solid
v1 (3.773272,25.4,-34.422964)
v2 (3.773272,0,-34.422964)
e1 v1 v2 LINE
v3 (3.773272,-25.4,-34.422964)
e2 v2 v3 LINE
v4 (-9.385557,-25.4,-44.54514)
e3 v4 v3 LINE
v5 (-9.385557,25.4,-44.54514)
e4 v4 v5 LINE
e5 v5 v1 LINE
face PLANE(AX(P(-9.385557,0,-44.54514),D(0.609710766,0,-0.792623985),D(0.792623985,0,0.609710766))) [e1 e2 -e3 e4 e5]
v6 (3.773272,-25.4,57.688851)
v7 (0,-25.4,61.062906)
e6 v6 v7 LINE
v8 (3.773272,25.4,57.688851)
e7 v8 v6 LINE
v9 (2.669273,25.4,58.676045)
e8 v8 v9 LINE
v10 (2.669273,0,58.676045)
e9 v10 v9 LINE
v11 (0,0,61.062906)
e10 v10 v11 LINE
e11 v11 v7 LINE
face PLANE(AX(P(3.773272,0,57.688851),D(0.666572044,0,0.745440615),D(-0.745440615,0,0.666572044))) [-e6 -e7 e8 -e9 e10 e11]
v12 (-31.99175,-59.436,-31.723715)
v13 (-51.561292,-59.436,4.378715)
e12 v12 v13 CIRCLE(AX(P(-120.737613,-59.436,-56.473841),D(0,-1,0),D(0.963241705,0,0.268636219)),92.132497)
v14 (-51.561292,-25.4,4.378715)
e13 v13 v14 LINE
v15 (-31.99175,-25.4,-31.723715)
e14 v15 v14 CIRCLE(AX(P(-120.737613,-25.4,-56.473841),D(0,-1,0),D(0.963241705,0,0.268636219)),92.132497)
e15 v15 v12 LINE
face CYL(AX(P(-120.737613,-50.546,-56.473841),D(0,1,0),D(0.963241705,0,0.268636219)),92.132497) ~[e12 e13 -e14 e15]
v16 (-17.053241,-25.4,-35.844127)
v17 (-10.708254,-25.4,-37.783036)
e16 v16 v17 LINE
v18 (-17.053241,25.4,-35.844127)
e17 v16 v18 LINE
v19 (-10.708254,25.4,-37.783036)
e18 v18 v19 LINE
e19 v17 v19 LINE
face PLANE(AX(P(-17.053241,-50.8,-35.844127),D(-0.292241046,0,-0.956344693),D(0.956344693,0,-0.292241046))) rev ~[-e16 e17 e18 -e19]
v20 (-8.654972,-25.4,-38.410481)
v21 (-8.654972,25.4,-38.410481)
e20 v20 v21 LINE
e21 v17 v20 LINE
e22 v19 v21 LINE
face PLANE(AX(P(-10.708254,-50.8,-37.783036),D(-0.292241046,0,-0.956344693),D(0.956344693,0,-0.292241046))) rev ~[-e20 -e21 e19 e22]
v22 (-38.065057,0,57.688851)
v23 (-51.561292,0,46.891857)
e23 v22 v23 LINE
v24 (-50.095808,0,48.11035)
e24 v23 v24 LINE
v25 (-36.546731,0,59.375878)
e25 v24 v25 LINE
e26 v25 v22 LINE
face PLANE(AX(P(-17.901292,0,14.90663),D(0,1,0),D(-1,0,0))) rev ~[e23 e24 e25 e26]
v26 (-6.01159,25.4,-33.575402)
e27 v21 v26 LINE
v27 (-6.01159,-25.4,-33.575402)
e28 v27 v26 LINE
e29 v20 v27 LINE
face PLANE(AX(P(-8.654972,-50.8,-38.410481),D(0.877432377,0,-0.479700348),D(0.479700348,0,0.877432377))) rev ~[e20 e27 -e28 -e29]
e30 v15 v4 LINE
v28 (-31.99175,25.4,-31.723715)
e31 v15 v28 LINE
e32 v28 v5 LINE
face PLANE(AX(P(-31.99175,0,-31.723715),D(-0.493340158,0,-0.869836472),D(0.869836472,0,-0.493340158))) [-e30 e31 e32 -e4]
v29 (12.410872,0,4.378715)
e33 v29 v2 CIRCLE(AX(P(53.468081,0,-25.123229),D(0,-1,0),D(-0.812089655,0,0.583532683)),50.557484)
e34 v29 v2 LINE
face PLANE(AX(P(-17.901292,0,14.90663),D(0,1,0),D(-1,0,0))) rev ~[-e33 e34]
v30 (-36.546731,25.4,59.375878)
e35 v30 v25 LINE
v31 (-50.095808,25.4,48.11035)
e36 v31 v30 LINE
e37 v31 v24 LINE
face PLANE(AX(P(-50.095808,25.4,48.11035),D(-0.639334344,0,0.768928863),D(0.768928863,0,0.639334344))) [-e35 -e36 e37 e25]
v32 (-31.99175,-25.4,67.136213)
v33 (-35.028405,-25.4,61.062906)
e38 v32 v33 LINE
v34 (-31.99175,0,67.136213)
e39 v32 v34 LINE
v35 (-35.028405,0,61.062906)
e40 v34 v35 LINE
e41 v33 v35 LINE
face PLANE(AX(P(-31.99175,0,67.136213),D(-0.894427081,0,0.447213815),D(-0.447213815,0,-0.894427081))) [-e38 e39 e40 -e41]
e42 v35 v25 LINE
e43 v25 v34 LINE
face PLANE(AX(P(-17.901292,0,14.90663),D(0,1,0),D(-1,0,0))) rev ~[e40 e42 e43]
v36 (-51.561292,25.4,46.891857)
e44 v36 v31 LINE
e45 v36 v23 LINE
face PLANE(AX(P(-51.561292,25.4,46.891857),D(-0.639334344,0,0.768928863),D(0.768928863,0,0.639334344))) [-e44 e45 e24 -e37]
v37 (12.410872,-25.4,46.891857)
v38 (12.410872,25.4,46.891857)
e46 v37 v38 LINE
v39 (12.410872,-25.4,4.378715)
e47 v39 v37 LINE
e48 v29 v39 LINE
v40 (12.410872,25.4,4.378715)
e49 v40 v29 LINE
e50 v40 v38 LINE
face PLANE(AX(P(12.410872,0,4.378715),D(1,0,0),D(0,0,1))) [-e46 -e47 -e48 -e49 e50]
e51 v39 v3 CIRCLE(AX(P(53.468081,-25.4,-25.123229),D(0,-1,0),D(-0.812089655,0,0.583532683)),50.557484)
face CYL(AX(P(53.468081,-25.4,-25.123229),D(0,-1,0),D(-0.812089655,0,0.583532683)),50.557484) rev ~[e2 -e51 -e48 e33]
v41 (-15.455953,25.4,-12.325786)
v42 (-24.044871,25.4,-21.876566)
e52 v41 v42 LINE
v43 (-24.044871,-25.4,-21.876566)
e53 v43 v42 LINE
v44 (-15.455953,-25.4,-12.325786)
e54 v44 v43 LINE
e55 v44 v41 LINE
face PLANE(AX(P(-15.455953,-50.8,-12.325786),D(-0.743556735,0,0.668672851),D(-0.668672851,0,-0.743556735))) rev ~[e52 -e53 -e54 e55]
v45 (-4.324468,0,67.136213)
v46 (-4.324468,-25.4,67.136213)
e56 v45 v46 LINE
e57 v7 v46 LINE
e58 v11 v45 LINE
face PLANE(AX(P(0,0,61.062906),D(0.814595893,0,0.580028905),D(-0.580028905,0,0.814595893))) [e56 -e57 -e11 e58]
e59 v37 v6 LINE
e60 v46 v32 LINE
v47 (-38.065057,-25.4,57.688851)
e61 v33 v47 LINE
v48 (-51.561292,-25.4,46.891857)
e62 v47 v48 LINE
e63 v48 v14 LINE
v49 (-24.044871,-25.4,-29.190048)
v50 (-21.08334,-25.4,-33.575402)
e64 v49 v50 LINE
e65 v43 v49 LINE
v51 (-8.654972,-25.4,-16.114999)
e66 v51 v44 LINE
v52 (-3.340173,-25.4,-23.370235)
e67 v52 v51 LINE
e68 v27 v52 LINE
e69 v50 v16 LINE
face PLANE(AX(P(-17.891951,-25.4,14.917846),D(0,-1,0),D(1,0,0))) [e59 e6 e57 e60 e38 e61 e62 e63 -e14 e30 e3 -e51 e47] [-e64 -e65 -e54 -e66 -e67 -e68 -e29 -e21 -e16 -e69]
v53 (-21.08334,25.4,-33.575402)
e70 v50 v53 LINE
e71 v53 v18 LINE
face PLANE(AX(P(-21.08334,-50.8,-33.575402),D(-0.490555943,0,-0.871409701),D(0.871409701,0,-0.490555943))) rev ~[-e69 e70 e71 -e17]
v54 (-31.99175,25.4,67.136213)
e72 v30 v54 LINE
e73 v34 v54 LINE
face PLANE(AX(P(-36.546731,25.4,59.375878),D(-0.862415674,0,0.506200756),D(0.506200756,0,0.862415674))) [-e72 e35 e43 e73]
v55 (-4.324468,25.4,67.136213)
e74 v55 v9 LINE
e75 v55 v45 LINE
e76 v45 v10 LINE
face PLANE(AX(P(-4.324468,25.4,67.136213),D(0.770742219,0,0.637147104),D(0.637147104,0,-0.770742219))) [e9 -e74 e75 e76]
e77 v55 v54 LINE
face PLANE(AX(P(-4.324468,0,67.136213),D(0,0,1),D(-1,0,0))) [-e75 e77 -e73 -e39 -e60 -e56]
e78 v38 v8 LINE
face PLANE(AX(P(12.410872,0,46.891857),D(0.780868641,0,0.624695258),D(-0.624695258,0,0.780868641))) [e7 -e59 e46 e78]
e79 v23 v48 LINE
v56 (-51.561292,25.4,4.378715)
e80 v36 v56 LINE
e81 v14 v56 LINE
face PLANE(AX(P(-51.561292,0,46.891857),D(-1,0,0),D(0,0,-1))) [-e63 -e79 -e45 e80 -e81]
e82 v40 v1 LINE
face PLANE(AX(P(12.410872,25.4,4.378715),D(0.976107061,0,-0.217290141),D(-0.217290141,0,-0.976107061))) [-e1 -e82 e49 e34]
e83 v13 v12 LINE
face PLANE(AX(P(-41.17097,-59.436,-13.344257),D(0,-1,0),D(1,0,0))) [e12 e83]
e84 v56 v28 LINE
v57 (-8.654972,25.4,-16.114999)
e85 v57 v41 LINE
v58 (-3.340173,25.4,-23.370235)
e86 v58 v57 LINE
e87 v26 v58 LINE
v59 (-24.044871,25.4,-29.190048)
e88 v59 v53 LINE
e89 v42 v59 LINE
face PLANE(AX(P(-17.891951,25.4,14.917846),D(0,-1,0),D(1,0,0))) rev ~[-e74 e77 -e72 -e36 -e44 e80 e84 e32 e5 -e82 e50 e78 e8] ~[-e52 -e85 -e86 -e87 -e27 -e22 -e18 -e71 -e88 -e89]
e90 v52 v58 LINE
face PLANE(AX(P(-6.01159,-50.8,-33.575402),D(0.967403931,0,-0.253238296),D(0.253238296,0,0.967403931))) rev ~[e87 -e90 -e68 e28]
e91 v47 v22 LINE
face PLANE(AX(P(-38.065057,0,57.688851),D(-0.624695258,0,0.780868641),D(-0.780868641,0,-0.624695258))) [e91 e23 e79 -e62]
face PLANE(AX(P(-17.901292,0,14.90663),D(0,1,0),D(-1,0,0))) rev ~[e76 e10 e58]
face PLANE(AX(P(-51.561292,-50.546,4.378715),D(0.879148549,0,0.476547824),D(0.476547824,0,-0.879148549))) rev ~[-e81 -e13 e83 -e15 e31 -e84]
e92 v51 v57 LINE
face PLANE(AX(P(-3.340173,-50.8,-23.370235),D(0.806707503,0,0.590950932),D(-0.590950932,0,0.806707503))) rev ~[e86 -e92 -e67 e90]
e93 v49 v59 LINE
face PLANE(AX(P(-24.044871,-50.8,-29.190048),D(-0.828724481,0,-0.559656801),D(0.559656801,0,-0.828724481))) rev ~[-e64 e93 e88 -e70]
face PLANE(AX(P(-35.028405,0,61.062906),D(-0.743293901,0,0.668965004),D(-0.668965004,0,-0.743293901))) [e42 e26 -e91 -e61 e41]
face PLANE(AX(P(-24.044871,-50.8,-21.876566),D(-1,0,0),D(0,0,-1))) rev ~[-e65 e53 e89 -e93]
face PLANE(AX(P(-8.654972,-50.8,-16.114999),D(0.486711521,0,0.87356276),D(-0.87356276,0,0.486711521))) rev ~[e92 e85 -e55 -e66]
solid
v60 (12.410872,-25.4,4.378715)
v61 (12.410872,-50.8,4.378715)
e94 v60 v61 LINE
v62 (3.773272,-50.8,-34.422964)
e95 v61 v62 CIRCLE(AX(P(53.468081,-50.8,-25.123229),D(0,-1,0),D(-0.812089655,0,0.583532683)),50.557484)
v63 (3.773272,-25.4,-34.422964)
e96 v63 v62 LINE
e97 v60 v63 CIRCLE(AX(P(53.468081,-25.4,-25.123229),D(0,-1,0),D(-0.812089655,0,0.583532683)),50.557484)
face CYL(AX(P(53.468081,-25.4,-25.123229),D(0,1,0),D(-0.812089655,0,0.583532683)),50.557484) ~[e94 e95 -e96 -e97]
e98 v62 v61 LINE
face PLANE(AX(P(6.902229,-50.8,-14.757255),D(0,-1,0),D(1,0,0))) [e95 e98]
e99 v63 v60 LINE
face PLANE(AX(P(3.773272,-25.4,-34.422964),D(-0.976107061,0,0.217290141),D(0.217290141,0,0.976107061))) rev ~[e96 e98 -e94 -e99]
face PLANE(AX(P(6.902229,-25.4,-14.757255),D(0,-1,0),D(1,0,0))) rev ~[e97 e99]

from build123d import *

# Parameters (mm, degrees)
F1_DEPTH  = 25.4
F2_DEPTH  = 25.4
F5_DEPTH  = 51.054
F6_DEPTH  = 25.4
F8_DEPTH  = 25.146
F9_DEPTH  = 8.89
F11_DEPTH = 25.4
F12_DEPTH = 81.788


with BuildPart() as f1:
    # F0 (on Front) → F1 (new body)
    with BuildSketch(Plane.XZ):
        Polygon((-38.0650572479, 57.6888509095), (-51.5612922609, 46.8918569386), (-51.5612922609, 24.2856629193), (-51.5612922609, 4.3787150644), (-31.9917500019, -31.7237153649), (-9.3855569139, -44.5451401174), (3.7732720375, -34.4229638577), (12.4108719826, 4.3787150644), (12.4108719826, 24.2856629193), (12.4108719826, 46.8918569386), (3.7732720375, 57.6888509095), (0, 61.0629059374), (-4.3244678527, 67.1362131834), (-31.9917500019, 67.1362131834), (-35.0284054875, 61.0629059374), align=None)
    extrude(amount=F1_DEPTH)

    # F2 (add): a face of the model
    f2_faces = [f1.faces().sort_by_distance(p)[0] for p in [
        (-18.1670820448, 0, 15.6166909792),
    ]]
    extrude(f2_faces, amount=F2_DEPTH)

    # F4 (on face) → F5 (cut)
    with BuildSketch(Plane.XZ.offset(25.4)):
        with BuildLine():
            ThreePointArc((12.4108719826, 4.3787150644), (4.1185646874, -14.1375862121), (3.7732720375, -34.4229638577))
            Line((3.7732720375, -34.4229638577), (12.4108719826, 4.3787150644))
        make_face()
    extrude(amount=-F5_DEPTH, mode=Mode.SUBTRACT)

    # F4 (on face) + F3 (on face) → F6 (join)
    with BuildSketch(Plane.XZ.offset(25.4)):
        with BuildLine():
            Line((3.7732720375, -34.4229638577), (12.4108719826, 4.3787150644))
            ThreePointArc((12.4108719826, 4.3787150644), (4.1185646874, -14.1375862121), (3.7732720375, -34.4229638577))
        make_face()
    with BuildSketch(Plane(origin=(0, 25.4, 0), x_dir=(-1, 0, 0), z_dir=(0, 1, 0))):
        Polygon((18.1581089273, 67.1362131834), (4.3244678527, 67.1362131834), (-12.4108719826, 46.8918569386), (-12.4108719826, 4.3787150644), (-3.7732720375, -34.4229638577), (9.3855569139, -44.5451401174), (31.9917500019, -31.7237153649), (51.5612922609, 4.3787150644), (51.5612922609, 46.8918569386), (50.0958084087, 48.1103495756), (36.5467313677, 59.3758784235), (31.9917500019, 67.1362131834), align=None)
    extrude(amount=F6_DEPTH, dir=(0, -1, 0))

    # F7 (on face) → F8 (join)
    with BuildSketch(Plane.XZ.offset(25.4)):
        with BuildLine():
            Line((-51.5612922609, 4.3787150644), (-31.9917500019, -31.7237153649))
            ThreePointArc((-31.9917500019, -31.7237153649), (-39.7394624087, -12.568300065), (-51.5612922609, 4.3787150644))
        make_face()
    extrude(amount=F8_DEPTH)

    # F9 (add): a face of the model
    f9_faces = [f1.faces().sort_by_distance(p)[0] for p in [
        (-40.9608129672, -50.546, -13.2303405726),
    ]]
    extrude(f9_faces, amount=F9_DEPTH)

    # F10 (on face) → F11 (join)
    with BuildSketch(Plane.XZ.offset(25.4)):
        Polygon((-15.4559531359, -12.3257856039), (-24.0448707213, -21.8765659441), (-24.0448707213, -29.190047577), (-21.0833395748, -33.5754018863), (-17.0532407374, -35.8441268439), (-10.7082539019, -37.7830361114), (-8.6549719673, -38.4104806555), (-6.0115899485, -33.5754018863), (-3.3401730916, -23.3702346121), (-8.6549719673, -16.1149992003), align=None)
        with BuildLine():
            ThreePointArc((-7.757912569, -35.5995865712), (-8.682855395, -37.4347954064), (-10.7082539019, -37.7830361114))
            ThreePointArc((-10.7082539019, -37.7830361114), (-11.3992094948, -33.7643777359), (-7.757912569, -35.5995865712))
        make_face(mode=Mode.SUBTRACT)
        with BuildLine():
            ThreePointArc((-7.757912569, -35.5995865712), (-11.3992094948, -33.7643777359), (-10.7082539019, -37.7830361114))
            ThreePointArc((-10.7082539019, -37.7830361114), (-8.682855395, -37.4347954064), (-7.757912569, -35.5995865712))
        make_face()
    extrude(amount=F11_DEPTH)

    # F12 (cut): a face of the model
    f12_faces = [f1.faces().sort_by_distance(p)[0] for p in [
        (-13.8577051809, -50.8, -25.7582591051),
    ]]
    extrude(f12_faces, amount=-F12_DEPTH, mode=Mode.SUBTRACT)


solid = f1.part
